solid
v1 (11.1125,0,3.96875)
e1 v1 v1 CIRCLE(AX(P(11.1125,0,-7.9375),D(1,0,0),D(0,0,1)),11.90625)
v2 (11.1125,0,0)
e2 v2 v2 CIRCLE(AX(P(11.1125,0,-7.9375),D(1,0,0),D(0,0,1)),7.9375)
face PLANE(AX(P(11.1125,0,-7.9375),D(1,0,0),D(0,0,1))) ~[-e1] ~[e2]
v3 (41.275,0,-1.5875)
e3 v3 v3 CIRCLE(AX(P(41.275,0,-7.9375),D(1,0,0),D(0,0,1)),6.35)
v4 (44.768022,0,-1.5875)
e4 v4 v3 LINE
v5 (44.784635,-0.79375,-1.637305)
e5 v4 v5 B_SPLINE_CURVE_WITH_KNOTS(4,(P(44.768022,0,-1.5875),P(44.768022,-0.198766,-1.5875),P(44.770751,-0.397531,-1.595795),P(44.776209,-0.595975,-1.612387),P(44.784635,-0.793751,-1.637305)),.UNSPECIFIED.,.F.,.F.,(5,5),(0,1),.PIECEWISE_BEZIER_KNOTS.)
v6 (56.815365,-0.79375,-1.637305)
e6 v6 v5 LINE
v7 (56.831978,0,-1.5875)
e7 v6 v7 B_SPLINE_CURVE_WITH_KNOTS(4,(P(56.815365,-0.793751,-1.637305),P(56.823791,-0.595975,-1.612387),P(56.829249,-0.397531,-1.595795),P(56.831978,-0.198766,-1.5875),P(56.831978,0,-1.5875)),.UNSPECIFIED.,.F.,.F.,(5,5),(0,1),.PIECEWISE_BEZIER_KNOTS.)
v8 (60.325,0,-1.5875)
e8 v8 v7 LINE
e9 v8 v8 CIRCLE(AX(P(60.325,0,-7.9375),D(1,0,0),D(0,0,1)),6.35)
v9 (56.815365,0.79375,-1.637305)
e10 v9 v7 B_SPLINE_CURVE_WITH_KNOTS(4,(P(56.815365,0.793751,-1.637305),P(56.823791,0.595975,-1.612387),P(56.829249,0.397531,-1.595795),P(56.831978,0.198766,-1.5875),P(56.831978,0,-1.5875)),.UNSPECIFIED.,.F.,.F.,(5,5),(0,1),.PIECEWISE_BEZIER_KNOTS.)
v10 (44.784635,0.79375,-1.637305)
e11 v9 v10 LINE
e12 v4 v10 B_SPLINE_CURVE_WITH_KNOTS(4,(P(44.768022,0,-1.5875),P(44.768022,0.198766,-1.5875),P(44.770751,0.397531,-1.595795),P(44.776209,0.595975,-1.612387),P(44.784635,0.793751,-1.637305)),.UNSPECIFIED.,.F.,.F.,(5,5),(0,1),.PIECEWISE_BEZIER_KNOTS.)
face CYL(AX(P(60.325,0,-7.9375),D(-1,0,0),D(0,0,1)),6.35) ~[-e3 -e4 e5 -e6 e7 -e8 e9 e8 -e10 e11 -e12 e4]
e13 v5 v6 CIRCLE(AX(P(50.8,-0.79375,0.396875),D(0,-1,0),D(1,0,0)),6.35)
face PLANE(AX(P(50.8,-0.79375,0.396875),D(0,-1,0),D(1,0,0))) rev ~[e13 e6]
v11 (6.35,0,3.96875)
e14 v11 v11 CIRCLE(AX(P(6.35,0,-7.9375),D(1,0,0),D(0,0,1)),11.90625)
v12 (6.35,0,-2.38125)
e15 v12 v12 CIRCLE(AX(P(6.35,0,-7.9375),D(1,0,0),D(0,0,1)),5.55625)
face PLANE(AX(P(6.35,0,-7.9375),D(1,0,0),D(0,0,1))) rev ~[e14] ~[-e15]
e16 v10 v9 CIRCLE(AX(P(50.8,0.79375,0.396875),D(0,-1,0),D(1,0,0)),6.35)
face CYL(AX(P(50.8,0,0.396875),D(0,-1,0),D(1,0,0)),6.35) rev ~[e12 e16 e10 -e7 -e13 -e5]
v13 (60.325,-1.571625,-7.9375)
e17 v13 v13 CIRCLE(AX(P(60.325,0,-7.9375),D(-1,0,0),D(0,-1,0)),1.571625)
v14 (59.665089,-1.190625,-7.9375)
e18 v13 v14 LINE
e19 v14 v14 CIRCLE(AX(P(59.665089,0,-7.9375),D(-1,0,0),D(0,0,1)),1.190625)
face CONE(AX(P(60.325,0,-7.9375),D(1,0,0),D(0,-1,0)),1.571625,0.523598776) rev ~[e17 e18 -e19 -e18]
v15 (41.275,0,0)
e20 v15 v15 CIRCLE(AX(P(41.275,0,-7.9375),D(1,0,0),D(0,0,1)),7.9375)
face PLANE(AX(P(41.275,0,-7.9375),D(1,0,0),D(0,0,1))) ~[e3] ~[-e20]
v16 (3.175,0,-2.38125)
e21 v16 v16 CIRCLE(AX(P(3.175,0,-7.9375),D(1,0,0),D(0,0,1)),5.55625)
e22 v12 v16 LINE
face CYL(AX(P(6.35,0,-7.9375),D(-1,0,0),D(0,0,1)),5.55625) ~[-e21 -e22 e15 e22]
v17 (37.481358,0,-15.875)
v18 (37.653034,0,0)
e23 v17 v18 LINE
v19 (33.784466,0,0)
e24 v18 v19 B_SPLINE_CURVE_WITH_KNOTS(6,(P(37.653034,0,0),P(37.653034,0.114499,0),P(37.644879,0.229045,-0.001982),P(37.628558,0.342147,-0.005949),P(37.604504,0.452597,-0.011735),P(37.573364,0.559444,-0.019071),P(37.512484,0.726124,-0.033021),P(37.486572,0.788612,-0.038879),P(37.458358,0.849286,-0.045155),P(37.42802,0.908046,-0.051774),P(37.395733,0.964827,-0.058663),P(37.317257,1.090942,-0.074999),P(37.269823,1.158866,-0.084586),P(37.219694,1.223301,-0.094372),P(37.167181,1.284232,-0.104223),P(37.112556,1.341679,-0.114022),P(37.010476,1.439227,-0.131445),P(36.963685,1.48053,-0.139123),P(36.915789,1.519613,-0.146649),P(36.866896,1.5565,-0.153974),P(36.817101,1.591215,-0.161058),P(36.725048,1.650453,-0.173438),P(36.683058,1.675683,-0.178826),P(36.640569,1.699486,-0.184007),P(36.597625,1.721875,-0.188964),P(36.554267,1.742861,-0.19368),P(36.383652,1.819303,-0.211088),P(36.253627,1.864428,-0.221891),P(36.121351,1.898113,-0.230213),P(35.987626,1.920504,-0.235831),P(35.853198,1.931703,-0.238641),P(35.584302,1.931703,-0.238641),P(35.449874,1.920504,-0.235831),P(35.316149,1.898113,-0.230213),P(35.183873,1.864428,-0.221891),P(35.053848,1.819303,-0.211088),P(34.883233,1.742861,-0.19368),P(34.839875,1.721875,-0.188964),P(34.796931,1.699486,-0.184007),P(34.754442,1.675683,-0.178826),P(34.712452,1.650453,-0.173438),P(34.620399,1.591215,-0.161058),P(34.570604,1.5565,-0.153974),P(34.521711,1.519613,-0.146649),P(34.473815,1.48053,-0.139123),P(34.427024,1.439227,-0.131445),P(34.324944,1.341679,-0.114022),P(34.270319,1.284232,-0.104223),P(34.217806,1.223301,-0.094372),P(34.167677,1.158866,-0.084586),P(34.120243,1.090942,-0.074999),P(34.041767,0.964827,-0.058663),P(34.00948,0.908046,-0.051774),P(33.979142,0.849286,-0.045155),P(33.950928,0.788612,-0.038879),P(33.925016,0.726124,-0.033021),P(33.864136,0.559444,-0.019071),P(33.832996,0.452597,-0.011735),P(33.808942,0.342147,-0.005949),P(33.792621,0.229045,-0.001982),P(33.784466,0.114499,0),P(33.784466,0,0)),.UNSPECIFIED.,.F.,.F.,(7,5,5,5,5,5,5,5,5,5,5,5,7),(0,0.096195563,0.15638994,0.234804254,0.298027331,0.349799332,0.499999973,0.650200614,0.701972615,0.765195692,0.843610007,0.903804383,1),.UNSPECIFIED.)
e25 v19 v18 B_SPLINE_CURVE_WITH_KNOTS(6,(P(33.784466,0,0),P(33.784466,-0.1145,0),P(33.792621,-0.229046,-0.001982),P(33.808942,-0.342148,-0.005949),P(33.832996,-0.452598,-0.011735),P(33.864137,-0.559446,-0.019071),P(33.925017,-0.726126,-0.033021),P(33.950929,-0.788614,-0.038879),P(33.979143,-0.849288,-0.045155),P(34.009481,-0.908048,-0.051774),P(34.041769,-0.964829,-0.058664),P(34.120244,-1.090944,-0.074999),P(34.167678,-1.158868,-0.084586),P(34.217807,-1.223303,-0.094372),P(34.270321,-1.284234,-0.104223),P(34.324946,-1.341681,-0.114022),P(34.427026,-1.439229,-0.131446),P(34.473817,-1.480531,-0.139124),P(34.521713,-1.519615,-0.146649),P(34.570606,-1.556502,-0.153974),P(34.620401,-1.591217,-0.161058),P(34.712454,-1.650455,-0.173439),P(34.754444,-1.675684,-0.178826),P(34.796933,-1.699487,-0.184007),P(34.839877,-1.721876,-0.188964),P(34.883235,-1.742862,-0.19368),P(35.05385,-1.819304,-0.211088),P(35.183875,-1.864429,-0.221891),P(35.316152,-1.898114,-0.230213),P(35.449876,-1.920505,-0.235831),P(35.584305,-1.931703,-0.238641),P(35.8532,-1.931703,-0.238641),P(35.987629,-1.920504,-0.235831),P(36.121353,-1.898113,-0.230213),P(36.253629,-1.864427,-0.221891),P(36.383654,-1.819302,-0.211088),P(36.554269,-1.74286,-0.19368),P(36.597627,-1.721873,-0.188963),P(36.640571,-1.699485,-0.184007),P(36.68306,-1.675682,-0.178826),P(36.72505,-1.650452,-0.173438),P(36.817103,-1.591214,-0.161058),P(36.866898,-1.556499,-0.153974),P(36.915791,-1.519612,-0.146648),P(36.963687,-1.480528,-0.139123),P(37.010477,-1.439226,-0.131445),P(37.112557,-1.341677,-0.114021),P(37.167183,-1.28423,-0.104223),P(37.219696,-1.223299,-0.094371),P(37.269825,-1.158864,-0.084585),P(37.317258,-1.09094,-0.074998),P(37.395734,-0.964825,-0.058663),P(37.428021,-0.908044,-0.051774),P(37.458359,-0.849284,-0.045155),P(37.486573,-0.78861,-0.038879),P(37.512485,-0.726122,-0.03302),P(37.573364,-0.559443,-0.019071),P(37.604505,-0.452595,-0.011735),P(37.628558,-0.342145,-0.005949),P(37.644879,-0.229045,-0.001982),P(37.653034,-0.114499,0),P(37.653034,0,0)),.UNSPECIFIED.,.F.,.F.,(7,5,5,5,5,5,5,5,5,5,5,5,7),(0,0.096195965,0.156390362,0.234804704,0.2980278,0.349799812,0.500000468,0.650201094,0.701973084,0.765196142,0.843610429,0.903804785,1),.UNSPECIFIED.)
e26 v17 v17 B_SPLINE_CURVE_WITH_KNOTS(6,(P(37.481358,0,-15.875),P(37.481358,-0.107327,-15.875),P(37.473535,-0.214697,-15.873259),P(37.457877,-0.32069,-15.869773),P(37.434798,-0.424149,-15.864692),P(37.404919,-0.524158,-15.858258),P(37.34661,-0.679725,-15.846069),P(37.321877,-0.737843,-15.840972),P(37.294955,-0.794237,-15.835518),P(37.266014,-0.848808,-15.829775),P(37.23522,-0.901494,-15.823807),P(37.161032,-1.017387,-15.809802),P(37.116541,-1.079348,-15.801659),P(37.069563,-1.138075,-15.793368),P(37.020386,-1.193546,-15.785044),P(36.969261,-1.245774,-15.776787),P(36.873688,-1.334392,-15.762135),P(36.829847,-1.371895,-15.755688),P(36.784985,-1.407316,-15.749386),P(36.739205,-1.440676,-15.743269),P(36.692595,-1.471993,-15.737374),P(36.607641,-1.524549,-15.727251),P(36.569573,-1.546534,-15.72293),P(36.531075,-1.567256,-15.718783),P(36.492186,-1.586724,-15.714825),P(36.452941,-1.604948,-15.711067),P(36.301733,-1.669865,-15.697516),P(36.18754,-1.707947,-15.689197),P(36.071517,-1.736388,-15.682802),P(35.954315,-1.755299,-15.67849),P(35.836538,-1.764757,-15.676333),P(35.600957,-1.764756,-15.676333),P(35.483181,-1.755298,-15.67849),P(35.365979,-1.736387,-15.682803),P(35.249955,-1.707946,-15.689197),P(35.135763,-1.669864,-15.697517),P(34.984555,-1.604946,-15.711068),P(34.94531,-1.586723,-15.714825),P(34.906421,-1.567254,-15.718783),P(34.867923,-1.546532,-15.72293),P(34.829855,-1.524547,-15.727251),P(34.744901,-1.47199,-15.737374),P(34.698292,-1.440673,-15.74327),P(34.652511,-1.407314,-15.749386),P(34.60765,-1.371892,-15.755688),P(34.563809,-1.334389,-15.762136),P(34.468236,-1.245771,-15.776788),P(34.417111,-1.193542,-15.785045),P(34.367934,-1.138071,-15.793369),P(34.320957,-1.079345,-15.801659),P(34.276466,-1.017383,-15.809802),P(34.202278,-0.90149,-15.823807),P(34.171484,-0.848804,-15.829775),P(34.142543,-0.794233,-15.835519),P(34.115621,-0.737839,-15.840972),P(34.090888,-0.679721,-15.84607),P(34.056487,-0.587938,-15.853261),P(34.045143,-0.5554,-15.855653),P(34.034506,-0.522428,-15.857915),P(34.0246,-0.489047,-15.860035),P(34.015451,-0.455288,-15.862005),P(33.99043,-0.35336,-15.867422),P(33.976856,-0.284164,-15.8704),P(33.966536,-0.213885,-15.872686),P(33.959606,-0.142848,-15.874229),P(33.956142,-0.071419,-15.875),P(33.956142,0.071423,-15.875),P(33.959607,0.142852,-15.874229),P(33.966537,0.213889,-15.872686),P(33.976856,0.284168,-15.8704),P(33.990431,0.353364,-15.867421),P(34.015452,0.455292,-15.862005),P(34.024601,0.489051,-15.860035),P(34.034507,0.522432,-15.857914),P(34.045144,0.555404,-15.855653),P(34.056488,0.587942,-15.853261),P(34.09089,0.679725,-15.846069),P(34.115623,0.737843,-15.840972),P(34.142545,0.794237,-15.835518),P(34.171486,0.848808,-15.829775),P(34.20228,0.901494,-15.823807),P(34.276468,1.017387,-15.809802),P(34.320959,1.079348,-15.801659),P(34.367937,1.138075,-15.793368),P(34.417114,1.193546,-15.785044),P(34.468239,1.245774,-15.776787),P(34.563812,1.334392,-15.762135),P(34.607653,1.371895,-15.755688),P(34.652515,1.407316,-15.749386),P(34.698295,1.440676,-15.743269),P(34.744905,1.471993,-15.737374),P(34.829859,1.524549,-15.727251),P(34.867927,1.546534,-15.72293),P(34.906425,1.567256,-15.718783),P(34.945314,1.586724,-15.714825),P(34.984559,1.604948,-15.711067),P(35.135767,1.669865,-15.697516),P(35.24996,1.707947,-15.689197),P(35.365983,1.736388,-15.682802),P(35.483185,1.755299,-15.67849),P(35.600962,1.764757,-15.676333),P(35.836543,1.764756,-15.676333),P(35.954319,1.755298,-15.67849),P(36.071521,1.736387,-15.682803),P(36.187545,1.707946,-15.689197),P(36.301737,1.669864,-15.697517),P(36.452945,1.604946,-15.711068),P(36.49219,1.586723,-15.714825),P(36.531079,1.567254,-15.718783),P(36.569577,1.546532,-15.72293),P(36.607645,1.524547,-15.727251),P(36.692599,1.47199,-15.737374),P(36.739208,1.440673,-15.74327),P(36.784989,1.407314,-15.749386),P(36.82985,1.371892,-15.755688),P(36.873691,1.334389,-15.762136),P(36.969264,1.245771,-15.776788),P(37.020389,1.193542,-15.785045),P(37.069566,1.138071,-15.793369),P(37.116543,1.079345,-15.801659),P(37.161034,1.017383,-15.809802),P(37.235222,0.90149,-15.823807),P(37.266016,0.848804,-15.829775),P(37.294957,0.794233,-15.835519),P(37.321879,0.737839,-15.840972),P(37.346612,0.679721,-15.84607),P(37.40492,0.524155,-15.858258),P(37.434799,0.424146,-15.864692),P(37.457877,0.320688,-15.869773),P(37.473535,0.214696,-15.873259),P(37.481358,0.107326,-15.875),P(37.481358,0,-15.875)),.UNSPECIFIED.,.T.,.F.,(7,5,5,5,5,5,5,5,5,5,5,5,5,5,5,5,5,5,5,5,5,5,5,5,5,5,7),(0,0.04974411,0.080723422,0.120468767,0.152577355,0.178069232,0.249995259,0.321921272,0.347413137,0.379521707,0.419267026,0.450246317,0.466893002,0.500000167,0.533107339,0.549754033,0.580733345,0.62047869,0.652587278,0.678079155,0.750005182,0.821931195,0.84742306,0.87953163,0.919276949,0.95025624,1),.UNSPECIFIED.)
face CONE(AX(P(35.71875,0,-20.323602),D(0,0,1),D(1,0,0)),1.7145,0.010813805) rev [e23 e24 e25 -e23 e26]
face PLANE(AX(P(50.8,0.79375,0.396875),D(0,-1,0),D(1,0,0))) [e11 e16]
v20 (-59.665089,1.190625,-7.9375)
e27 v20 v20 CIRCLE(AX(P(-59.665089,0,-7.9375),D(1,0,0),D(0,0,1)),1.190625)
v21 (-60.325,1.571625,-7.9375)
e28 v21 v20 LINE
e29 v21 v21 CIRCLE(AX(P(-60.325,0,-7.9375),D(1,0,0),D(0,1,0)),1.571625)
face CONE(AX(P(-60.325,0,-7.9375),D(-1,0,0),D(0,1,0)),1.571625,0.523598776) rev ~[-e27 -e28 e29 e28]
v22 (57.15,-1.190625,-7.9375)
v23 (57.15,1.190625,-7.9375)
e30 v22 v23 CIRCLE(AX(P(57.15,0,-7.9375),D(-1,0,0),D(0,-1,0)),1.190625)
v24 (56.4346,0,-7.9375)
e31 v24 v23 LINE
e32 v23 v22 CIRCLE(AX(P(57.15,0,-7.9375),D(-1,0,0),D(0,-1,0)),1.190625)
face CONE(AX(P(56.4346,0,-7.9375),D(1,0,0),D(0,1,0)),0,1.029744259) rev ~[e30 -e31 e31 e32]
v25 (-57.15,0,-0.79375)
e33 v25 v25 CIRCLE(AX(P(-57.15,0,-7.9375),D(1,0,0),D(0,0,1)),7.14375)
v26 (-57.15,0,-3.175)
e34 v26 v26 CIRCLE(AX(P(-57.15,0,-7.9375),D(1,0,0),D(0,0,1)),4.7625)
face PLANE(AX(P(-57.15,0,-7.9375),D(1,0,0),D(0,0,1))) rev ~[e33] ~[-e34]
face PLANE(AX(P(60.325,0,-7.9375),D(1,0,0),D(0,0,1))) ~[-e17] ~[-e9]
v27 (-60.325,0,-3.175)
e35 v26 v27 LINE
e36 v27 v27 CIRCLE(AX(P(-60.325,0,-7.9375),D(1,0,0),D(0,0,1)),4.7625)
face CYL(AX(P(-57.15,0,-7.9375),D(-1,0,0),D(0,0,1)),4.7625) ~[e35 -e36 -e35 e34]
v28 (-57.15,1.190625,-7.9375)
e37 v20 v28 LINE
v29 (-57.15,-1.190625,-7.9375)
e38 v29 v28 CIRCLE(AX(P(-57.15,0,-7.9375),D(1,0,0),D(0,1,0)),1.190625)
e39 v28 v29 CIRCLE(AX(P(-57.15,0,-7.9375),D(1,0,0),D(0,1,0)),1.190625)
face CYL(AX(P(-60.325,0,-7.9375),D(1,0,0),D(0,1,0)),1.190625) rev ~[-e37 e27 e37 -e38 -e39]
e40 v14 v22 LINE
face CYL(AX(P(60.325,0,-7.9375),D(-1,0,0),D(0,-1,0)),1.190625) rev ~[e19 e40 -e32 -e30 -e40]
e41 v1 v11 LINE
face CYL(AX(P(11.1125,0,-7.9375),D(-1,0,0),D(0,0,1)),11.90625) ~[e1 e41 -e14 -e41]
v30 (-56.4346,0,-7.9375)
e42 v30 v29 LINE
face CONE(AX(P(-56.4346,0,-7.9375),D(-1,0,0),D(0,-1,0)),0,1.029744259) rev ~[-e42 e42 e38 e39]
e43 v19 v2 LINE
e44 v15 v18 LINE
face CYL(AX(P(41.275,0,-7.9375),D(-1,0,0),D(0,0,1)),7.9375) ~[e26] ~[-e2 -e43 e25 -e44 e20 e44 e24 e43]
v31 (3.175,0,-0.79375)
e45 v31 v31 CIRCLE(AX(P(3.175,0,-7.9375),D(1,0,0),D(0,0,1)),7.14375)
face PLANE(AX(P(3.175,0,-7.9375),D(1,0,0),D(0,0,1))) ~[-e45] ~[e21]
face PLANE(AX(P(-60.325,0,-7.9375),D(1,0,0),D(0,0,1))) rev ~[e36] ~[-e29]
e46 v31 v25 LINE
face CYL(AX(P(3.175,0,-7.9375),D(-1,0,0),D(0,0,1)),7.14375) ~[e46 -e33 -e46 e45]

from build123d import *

# Parameters (mm, degrees)
F1_R                 = 6.35
F6_DEPTH             = 0.79375
F4_D                 = 2.38125
F4_DEPTH             = 3.175
F4_CSINK_D           = 3.14325
F4_CSINK_ANGLE       = 60
F4_TIP               = 0.7153996745
F4_ON_F8_D           = 2.38125
F4_ON_F8_DEPTH       = 3.175
F4_ON_F8_CSINK_D     = 3.14325
F4_ON_F8_CSINK_ANGLE = 60
F4_ON_F8_TIP         = 0.7153996745


with BuildPart() as f0:
    # F5 (on Front) → F0 (revolve)
    with BuildSketch(Plane.XZ):
        Polygon((-60.325, -3.175), (-60.325, -7.9375), (60.325, -7.9375), (60.325, -1.5875), (41.275, -1.5875), (41.275, 0), (11.1125, 0), (11.1125, 3.96875), (6.35, 3.96875), (6.35, -2.38125), (3.175, -2.38125), (3.175, -0.79375), (-57.15, -0.79375), (-57.15, -3.175), align=None)
    revolve(axis=Axis((0, 0, -7.9375), (1, 0, 0)))

    # F1 (on Front) → F6 (cut, symmetric)
    with BuildSketch(Plane.XZ):
        with Locations((50.8, 0.396875)):
            Circle(F1_R)
    extrude(amount=F6_DEPTH, both=True, mode=Mode.SUBTRACT)

    # F2 (on Front) → F7 (revolve, cut)
    with BuildSketch(Plane.XZ):
        with BuildLine():
            Line((37.43325, -20.3236020014), (37.69995, 4.3383559637))
            ThreePointArc((37.69995, 4.3383559637), (36.7317963469, 4.6552760961), (35.71875, 4.7625))
            Line((35.71875, 4.7625), (35.71875, -20.6375))
            ThreePointArc((35.71875, -20.6375), (36.5902490252, -20.5583786828), (37.43325, -20.3236020014))
        make_face()
    revolve(axis=Axis((35.71875, 0, 0), (0, 0, -1)), mode=Mode.SUBTRACT)

    # F4
    with Locations(Plane.YZ.offset(60.325)):
        with Locations((0, -7.9375)):
            CounterSinkHole(F4_D / 2, F4_CSINK_D / 2, depth=F4_DEPTH, counter_sink_angle=F4_CSINK_ANGLE)
            with Locations((0, 0, -(F4_DEPTH + F4_TIP / 2))):  # 118° drill point
                Cone(0, F4_D / 2, F4_TIP, mode=Mode.SUBTRACT)

    # F4 on F8
    with Locations(Plane(origin=(-60.325, 0, 0), x_dir=(0, -1, 0), z_dir=(-1, 0, 0))):
        with Locations((0, -7.9375)):
            CounterSinkHole(F4_ON_F8_D / 2, F4_ON_F8_CSINK_D / 2, depth=F4_ON_F8_DEPTH, counter_sink_angle=F4_ON_F8_CSINK_ANGLE)
            with Locations((0, 0, -(F4_ON_F8_DEPTH + F4_ON_F8_TIP / 2))):  # 118° drill point
                Cone(0, F4_ON_F8_D / 2, F4_ON_F8_TIP, mode=Mode.SUBTRACT)


solid = f0.part
